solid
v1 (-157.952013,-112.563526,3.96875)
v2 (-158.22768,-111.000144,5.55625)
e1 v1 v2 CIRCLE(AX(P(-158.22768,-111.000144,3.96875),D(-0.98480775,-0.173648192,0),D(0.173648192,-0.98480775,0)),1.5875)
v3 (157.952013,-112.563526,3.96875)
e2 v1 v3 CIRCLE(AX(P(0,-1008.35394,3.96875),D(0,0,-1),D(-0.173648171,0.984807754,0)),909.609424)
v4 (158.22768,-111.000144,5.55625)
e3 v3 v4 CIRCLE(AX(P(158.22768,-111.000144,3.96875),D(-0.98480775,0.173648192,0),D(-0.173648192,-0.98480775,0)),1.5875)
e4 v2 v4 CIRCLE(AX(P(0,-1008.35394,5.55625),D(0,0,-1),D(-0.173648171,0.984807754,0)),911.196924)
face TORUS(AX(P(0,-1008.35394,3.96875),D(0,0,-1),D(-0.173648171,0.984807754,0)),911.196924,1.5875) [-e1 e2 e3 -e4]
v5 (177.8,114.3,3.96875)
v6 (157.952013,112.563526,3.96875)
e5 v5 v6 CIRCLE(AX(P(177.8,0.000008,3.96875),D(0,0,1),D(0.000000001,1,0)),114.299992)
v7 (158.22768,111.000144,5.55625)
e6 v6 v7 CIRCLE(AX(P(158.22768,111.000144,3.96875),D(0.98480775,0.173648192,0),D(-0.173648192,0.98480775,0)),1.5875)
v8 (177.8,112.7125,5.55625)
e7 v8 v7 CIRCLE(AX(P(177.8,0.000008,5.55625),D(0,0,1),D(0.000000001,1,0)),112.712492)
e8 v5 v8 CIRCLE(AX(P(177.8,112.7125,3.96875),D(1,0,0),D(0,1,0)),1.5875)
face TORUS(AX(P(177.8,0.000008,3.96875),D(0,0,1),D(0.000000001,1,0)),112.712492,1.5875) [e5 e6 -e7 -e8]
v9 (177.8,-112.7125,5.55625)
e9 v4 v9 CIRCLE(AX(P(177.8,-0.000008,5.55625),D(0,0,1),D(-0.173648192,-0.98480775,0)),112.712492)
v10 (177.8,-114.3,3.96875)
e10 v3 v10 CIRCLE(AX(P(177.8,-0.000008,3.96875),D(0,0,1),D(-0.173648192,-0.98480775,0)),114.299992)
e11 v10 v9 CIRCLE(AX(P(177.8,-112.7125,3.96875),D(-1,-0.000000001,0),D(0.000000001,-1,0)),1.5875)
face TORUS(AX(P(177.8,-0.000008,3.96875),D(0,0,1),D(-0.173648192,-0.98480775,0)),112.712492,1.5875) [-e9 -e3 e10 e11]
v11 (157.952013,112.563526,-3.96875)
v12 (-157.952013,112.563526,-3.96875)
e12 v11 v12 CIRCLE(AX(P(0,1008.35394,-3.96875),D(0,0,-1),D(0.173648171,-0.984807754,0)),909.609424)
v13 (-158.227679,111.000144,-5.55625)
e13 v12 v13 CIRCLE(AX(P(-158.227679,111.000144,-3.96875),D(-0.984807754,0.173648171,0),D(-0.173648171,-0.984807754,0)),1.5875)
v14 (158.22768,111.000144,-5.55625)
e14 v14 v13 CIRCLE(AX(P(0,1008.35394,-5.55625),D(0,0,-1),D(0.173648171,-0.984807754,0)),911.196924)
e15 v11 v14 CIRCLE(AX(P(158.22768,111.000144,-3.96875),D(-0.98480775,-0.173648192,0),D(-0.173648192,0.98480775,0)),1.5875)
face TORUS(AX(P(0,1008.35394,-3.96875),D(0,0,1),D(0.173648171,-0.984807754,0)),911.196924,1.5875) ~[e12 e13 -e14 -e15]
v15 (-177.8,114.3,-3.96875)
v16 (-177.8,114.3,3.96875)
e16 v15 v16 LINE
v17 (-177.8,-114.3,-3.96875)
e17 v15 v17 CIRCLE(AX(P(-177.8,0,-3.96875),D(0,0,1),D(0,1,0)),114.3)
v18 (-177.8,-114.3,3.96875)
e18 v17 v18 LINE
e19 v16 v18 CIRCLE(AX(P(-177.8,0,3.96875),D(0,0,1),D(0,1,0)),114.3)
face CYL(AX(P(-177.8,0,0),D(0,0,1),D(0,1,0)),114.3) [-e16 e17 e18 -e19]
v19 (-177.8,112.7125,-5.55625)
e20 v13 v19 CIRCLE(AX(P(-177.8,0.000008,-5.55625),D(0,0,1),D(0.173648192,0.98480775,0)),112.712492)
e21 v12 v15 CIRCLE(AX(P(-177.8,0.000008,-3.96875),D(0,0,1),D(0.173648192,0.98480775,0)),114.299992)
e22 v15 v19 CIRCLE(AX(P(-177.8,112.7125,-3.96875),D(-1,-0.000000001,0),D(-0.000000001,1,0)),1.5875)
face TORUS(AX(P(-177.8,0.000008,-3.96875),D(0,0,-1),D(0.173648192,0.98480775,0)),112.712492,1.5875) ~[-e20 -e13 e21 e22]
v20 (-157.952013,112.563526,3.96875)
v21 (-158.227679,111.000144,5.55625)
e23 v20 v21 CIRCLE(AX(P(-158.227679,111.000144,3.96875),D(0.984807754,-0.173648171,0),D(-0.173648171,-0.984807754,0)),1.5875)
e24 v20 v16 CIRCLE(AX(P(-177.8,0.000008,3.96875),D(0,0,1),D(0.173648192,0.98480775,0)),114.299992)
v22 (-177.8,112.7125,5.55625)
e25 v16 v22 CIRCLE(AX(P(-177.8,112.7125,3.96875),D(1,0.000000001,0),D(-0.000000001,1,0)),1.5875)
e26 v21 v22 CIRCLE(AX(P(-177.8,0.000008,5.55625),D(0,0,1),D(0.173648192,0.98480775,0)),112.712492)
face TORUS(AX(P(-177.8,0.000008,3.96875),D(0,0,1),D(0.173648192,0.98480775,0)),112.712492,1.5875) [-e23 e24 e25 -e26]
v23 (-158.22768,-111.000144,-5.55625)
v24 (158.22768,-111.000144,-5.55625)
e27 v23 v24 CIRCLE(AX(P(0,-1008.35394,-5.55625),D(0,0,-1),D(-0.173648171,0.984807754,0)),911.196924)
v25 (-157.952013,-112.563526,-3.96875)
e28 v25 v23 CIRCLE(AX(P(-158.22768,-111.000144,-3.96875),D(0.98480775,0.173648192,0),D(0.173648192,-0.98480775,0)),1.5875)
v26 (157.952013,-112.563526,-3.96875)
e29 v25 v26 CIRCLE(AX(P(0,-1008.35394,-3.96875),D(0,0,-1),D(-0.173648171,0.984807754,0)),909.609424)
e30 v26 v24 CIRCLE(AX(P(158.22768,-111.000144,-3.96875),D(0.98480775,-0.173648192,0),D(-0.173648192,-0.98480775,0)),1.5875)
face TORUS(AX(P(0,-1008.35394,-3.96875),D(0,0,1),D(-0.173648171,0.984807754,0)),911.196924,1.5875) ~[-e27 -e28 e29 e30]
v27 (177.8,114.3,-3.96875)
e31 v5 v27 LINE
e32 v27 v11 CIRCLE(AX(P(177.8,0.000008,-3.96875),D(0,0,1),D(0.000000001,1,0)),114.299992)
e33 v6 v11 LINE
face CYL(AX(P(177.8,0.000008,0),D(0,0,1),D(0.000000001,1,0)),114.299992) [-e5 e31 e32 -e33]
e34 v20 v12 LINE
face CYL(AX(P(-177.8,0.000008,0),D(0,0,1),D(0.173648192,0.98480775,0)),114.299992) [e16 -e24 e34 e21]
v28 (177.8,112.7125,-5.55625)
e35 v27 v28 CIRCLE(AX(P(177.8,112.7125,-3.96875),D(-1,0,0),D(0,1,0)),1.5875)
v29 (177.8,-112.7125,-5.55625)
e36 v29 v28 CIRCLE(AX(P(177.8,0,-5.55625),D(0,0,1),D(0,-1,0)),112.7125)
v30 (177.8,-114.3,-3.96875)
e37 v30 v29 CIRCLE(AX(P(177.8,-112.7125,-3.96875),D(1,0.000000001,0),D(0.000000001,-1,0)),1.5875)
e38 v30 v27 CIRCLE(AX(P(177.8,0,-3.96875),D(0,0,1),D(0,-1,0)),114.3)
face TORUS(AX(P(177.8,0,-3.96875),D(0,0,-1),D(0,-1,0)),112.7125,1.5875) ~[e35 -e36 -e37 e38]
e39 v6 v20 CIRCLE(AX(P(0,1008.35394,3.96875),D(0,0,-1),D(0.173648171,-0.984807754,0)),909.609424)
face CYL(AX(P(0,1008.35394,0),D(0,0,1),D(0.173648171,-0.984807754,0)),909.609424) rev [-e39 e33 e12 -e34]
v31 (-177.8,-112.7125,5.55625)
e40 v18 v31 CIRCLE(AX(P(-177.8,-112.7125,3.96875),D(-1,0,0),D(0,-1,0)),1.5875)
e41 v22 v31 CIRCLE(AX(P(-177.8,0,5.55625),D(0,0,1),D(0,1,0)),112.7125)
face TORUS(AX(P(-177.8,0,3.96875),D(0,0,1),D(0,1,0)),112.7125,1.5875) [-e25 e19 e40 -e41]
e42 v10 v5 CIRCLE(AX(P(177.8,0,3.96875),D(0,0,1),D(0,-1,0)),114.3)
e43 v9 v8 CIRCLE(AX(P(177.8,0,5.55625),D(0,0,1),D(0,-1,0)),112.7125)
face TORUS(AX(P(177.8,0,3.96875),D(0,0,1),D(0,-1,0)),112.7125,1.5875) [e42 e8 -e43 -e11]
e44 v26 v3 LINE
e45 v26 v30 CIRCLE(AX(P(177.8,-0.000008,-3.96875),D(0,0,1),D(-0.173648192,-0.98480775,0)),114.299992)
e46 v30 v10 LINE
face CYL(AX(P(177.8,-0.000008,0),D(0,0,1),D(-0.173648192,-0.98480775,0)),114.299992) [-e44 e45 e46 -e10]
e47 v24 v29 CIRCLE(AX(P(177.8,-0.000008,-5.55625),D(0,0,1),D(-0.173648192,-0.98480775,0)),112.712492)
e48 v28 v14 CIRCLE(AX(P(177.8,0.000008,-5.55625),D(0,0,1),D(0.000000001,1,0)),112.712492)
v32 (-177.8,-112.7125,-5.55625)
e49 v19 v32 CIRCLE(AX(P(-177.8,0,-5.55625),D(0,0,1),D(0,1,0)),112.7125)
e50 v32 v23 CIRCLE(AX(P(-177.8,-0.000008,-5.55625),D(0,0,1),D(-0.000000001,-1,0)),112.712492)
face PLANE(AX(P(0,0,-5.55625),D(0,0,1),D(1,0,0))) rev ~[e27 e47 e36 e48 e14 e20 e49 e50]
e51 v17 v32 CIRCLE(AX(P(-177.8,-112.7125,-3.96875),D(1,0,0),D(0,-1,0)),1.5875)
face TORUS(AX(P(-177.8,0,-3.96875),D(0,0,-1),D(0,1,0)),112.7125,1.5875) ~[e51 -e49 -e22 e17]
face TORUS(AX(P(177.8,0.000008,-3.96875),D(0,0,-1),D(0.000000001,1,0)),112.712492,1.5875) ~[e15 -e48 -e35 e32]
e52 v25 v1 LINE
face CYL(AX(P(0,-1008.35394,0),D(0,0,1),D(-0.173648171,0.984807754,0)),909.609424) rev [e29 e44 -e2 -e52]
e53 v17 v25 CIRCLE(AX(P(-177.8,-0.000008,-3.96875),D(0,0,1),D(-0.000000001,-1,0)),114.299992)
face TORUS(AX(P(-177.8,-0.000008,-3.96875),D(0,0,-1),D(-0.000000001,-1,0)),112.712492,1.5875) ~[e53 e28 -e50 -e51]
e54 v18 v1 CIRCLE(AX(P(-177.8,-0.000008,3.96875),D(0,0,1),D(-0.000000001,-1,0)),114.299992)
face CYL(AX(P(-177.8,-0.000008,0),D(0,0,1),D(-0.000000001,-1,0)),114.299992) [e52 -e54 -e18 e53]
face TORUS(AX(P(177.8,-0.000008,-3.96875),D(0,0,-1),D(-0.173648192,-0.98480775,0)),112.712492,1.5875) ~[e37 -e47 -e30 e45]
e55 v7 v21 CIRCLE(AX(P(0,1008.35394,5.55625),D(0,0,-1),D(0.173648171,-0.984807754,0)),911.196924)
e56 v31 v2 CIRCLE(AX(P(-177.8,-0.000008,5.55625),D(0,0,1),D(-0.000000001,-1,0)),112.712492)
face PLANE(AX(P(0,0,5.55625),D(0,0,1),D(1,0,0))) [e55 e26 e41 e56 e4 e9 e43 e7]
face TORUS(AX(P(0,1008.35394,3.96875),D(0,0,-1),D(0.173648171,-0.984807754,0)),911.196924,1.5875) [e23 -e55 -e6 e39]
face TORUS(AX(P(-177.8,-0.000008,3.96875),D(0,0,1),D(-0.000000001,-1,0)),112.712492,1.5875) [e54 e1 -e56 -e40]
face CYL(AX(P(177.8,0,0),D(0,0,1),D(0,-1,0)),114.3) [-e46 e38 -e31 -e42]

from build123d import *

# Parameters (mm, degrees)
F1_DEPTH = 5.55625
F2_R     = 1.5875


with BuildPart() as f1:
    # F0 (on Top) → F1 (new body, symmetric)
    with BuildSketch(Plane.XY):
        with BuildLine():
            ThreePointArc((-157.952013, 112.563526), (-167.838099, 113.865054), (-177.8, 114.3))
            ThreePointArc((-177.8, 114.3), (-292.1, 0), (-177.8, -114.3))
            ThreePointArc((-177.8, -114.3), (-167.838099, -113.865054), (-157.952013, -112.563526))
            ThreePointArc((-157.952013, -112.563526), (0, -98.744516), (157.952013, -112.563526))
            ThreePointArc((157.952013, -112.563526), (167.838099, -113.865054), (177.8, -114.3))
            ThreePointArc((177.8, -114.3), (292.1, 0), (177.8, 114.3))
            ThreePointArc((177.8, 114.3), (167.838099, 113.865054), (157.952013, 112.563526))
            ThreePointArc((157.952013, 112.563526), (0, 98.744516), (-157.952013, 112.563526))
        make_face()
    extrude(amount=F1_DEPTH, both=True)

    # F2
    f2_edges = [f1.edges().sort_by_distance(p)[0] for p in [
        (167.838099, -113.865054, 5.55625),
        (292.1, 0, 5.55625),
        (167.838099, 113.865054, 5.55625),
        (0, 98.744516, 5.55625),
        (-167.838099, 113.865054, 5.55625),
        (-292.1, 0, 5.55625),
        (-167.838099, -113.865054, 5.55625),
        (0, -98.744516, 5.55625),
        (167.838099, -113.865054, -5.55625),
        (292.1, 0, -5.55625),
        (167.838099, 113.865054, -5.55625),
        (0, 98.744516, -5.55625),
        (-167.838099, 113.865054, -5.55625),
        (-292.1, 0, -5.55625),
        (-167.838099, -113.865054, -5.55625),
        (0, -98.744516, -5.55625),
    ]]
    fillet(f2_edges, radius=F2_R)


solid = f1.part
